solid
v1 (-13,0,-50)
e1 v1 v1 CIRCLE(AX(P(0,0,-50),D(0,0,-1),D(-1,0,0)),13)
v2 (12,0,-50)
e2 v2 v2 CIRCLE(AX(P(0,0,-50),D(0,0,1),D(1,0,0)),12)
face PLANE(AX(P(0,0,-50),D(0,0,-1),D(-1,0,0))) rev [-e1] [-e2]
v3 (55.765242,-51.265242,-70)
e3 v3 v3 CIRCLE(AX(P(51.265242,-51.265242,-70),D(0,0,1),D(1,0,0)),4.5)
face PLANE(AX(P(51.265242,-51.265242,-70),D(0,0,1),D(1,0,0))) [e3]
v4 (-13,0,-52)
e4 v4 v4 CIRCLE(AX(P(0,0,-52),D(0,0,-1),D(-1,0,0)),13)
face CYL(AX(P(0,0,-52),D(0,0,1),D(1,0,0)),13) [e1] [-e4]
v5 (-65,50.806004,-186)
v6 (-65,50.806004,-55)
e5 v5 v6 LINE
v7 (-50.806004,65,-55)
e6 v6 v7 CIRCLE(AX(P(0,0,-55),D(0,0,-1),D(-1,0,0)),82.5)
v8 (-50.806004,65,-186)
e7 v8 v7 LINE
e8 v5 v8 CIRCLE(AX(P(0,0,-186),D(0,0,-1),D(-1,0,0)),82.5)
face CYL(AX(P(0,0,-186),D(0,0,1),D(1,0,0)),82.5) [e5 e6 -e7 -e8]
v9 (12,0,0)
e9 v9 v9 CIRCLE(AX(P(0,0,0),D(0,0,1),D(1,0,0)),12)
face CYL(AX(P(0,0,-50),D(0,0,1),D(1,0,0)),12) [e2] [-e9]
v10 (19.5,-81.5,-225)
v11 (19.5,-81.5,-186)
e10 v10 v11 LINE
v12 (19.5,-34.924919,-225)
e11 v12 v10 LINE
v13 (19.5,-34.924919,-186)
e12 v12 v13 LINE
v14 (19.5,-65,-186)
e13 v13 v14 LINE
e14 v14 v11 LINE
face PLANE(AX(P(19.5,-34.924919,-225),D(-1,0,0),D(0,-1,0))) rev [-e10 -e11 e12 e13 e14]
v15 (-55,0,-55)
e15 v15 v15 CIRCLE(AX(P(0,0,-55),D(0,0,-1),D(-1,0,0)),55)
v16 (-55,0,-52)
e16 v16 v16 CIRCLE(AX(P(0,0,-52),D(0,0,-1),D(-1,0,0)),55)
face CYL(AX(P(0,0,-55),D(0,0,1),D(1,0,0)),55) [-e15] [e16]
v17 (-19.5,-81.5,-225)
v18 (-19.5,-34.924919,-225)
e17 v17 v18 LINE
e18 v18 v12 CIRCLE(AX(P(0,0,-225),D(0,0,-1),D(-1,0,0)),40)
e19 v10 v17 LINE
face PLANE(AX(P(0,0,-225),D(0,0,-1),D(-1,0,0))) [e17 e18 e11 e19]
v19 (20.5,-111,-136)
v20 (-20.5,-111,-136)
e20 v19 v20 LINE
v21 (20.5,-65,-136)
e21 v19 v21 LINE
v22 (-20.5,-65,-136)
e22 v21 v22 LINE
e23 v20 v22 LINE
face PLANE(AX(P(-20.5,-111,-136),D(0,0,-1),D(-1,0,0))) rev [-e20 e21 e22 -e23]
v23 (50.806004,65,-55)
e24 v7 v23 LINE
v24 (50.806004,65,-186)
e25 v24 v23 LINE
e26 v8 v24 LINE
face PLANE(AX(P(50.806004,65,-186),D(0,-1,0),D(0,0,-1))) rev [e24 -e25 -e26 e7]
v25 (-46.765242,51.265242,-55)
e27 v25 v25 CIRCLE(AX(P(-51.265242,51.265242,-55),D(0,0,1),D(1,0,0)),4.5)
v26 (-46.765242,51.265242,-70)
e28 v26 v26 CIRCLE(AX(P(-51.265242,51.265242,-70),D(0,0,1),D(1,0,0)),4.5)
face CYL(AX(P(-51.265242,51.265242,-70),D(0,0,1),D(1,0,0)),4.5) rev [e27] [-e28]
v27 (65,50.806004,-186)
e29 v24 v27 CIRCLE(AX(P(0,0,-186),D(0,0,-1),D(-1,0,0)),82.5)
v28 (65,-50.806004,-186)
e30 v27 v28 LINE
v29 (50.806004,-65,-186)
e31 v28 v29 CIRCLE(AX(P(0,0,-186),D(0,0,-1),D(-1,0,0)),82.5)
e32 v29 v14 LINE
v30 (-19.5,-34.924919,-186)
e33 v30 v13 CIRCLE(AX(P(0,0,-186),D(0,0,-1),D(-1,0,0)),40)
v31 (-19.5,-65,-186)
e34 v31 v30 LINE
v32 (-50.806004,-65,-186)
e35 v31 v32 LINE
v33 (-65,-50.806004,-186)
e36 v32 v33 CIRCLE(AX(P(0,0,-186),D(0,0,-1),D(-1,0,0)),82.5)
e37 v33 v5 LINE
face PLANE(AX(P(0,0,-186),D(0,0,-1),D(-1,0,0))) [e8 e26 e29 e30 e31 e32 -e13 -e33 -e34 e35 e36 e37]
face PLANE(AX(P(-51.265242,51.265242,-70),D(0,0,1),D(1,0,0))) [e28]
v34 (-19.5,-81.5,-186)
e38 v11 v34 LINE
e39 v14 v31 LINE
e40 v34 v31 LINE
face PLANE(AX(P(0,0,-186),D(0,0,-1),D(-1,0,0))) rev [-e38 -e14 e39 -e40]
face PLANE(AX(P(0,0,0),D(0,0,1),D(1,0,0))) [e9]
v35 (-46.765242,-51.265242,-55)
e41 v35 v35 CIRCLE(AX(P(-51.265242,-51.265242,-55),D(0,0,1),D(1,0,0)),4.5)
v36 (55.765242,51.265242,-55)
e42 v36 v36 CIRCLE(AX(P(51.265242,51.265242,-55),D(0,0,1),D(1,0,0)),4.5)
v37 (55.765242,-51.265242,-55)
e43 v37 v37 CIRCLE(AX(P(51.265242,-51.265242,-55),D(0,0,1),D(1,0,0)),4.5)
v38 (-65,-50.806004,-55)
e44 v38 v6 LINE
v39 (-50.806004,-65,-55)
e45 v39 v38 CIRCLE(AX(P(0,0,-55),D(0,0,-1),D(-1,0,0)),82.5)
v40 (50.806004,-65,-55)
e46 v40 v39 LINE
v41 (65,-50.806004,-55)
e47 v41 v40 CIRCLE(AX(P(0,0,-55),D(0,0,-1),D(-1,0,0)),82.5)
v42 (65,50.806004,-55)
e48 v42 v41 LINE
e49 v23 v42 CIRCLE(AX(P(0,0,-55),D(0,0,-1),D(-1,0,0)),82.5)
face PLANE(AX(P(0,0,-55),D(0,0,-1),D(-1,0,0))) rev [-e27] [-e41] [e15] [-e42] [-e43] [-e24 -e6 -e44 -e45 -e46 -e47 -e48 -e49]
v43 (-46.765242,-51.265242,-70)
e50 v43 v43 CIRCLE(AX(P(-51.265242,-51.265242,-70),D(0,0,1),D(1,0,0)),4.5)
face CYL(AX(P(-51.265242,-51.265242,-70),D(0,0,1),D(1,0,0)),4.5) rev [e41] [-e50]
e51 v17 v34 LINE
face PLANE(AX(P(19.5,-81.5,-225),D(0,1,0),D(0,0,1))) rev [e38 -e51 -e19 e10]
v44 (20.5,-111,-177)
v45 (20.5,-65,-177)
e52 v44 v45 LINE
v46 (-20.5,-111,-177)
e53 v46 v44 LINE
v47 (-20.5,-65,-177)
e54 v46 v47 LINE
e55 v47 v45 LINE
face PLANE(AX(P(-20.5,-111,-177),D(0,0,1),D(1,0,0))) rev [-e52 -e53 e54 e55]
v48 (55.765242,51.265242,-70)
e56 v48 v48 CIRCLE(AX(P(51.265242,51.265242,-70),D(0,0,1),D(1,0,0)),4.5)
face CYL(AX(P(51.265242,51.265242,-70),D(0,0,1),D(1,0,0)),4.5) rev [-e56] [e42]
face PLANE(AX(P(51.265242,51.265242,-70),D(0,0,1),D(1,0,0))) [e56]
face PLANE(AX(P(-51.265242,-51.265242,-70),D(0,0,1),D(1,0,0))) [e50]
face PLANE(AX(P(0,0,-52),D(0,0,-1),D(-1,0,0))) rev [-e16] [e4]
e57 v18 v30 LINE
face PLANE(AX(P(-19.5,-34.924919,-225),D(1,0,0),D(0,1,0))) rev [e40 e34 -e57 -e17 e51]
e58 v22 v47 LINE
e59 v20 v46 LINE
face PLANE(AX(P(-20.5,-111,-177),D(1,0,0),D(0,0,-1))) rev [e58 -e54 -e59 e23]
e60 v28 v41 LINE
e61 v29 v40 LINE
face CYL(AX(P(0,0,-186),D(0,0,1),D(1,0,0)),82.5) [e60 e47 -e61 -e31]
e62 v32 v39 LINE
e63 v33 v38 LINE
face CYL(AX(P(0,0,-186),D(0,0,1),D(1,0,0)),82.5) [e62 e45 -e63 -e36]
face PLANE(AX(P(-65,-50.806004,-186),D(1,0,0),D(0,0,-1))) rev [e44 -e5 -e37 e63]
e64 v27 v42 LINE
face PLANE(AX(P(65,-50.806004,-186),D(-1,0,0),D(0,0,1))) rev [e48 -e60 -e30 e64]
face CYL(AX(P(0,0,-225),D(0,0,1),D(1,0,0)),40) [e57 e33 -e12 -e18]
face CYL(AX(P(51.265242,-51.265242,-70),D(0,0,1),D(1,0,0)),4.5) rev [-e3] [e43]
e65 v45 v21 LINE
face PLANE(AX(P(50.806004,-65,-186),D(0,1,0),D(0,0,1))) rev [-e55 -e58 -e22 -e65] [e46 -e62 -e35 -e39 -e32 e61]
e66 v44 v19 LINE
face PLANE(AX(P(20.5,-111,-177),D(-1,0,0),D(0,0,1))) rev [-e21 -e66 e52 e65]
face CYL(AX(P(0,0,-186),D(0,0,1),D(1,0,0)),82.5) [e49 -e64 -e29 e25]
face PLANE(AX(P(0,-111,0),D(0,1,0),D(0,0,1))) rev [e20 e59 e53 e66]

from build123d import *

# Parameters (mm, degrees)
SKETCH1_R           = 12
BOSS_EXTRUDE1_DEPTH = 50
SKETCH2_R           = 13
BOSS_EXTRUDE2_DEPTH = 2
SKETCH3_R           = 55
BOSS_EXTRUDE3_DEPTH = 3
BOSS_EXTRUDE4_DEPTH = 131
BOSS_EXTRUDE5_DEPTH = 39
SKETCH6_R           = 4.5
CUT_EXTRUDE1_DEPTH  = 15
SKETCH7_W           = 41
SKETCH7_H           = 41
BOSS_EXTRUDE6_DEPTH = 46


with BuildPart() as part:
    # Sketch1 → Boss-Extrude1 (new body)
    with BuildSketch(Plane.XY):
        Circle(SKETCH1_R)
    extrude(amount=-BOSS_EXTRUDE1_DEPTH)

    # Sketch2 → Boss-Extrude2 (add)
    with BuildSketch(Plane(origin=(0, 0, -50), x_dir=(-1, 0, 0), z_dir=(0, 0, -1))):
        Circle(SKETCH2_R)
    extrude(amount=BOSS_EXTRUDE2_DEPTH)

    # Sketch3 → Boss-Extrude3 (add)
    with BuildSketch(Plane(origin=(0, 0, -52), x_dir=(-1, 0, 0), z_dir=(0, 0, -1))):
        Circle(SKETCH3_R)
    extrude(amount=BOSS_EXTRUDE3_DEPTH)

    # Sketch4 → Boss-Extrude4 (add)
    with BuildSketch(Plane(origin=(0, 0, -55), x_dir=(-1, 0, 0), z_dir=(0, 0, -1))):
        with BuildLine():
            Line((-50.806003582, -65), (50.806003582, -65))
            ThreePointArc((50.806003582, -65), (58.336309448, -58.336309448), (65, -50.806003582))
            Line((65, -50.806003582), (65, 50.806003582))
            ThreePointArc((65, 50.806003582), (58.336309448, 58.336309448), (50.806003582, 65))
            Line((50.806003582, 65), (-50.806003582, 65))
            ThreePointArc((-50.806003582, 65), (-58.336309448, 58.336309448), (-65, 50.806003582))
            Line((-65, 50.806003582), (-65, -50.806003582))
            ThreePointArc((-65, -50.806003582), (-58.336309448, -58.336309448), (-50.806003582, -65))
        make_face()
    extrude(amount=BOSS_EXTRUDE4_DEPTH)

    # Sketch5 → Boss-Extrude5 (add)
    with BuildSketch(Plane(origin=(0, 0, -186), x_dir=(-1, 0, 0), z_dir=(0, 0, -1))):
        with BuildLine():
            Line((-19.5, -34.92491947), (-19.5, -81.5))
            Line((-19.5, -81.5), (19.5, -81.5))
            Line((19.5, -81.5), (19.5, -34.92491947))
            ThreePointArc((19.5, -34.92491947), (0, 40), (-19.5, -34.92491947))
        make_face()
    extrude(amount=BOSS_EXTRUDE5_DEPTH)

    # Sketch6 → Cut-Extrude1 (cut)
    with BuildSketch(Plane.XY.offset(-55)):
        with Locations((-51.265241636, 51.265241636)):
            Circle(SKETCH6_R)
        with Locations((51.265241636, 51.265241636)):
            Circle(SKETCH6_R)
        with Locations((51.265241636, -51.265241636)):
            Circle(SKETCH6_R)
        with Locations((-51.265241636, -51.265241636)):
            Circle(SKETCH6_R)
    extrude(amount=-CUT_EXTRUDE1_DEPTH, mode=Mode.SUBTRACT)

    # Sketch7 → Boss-Extrude6 (add)
    with BuildSketch(Plane.XZ.offset(65)):
        with Locations((0, -156.5)):
            Rectangle(SKETCH7_W, SKETCH7_H)
    extrude(amount=BOSS_EXTRUDE6_DEPTH)


solid = part.part
